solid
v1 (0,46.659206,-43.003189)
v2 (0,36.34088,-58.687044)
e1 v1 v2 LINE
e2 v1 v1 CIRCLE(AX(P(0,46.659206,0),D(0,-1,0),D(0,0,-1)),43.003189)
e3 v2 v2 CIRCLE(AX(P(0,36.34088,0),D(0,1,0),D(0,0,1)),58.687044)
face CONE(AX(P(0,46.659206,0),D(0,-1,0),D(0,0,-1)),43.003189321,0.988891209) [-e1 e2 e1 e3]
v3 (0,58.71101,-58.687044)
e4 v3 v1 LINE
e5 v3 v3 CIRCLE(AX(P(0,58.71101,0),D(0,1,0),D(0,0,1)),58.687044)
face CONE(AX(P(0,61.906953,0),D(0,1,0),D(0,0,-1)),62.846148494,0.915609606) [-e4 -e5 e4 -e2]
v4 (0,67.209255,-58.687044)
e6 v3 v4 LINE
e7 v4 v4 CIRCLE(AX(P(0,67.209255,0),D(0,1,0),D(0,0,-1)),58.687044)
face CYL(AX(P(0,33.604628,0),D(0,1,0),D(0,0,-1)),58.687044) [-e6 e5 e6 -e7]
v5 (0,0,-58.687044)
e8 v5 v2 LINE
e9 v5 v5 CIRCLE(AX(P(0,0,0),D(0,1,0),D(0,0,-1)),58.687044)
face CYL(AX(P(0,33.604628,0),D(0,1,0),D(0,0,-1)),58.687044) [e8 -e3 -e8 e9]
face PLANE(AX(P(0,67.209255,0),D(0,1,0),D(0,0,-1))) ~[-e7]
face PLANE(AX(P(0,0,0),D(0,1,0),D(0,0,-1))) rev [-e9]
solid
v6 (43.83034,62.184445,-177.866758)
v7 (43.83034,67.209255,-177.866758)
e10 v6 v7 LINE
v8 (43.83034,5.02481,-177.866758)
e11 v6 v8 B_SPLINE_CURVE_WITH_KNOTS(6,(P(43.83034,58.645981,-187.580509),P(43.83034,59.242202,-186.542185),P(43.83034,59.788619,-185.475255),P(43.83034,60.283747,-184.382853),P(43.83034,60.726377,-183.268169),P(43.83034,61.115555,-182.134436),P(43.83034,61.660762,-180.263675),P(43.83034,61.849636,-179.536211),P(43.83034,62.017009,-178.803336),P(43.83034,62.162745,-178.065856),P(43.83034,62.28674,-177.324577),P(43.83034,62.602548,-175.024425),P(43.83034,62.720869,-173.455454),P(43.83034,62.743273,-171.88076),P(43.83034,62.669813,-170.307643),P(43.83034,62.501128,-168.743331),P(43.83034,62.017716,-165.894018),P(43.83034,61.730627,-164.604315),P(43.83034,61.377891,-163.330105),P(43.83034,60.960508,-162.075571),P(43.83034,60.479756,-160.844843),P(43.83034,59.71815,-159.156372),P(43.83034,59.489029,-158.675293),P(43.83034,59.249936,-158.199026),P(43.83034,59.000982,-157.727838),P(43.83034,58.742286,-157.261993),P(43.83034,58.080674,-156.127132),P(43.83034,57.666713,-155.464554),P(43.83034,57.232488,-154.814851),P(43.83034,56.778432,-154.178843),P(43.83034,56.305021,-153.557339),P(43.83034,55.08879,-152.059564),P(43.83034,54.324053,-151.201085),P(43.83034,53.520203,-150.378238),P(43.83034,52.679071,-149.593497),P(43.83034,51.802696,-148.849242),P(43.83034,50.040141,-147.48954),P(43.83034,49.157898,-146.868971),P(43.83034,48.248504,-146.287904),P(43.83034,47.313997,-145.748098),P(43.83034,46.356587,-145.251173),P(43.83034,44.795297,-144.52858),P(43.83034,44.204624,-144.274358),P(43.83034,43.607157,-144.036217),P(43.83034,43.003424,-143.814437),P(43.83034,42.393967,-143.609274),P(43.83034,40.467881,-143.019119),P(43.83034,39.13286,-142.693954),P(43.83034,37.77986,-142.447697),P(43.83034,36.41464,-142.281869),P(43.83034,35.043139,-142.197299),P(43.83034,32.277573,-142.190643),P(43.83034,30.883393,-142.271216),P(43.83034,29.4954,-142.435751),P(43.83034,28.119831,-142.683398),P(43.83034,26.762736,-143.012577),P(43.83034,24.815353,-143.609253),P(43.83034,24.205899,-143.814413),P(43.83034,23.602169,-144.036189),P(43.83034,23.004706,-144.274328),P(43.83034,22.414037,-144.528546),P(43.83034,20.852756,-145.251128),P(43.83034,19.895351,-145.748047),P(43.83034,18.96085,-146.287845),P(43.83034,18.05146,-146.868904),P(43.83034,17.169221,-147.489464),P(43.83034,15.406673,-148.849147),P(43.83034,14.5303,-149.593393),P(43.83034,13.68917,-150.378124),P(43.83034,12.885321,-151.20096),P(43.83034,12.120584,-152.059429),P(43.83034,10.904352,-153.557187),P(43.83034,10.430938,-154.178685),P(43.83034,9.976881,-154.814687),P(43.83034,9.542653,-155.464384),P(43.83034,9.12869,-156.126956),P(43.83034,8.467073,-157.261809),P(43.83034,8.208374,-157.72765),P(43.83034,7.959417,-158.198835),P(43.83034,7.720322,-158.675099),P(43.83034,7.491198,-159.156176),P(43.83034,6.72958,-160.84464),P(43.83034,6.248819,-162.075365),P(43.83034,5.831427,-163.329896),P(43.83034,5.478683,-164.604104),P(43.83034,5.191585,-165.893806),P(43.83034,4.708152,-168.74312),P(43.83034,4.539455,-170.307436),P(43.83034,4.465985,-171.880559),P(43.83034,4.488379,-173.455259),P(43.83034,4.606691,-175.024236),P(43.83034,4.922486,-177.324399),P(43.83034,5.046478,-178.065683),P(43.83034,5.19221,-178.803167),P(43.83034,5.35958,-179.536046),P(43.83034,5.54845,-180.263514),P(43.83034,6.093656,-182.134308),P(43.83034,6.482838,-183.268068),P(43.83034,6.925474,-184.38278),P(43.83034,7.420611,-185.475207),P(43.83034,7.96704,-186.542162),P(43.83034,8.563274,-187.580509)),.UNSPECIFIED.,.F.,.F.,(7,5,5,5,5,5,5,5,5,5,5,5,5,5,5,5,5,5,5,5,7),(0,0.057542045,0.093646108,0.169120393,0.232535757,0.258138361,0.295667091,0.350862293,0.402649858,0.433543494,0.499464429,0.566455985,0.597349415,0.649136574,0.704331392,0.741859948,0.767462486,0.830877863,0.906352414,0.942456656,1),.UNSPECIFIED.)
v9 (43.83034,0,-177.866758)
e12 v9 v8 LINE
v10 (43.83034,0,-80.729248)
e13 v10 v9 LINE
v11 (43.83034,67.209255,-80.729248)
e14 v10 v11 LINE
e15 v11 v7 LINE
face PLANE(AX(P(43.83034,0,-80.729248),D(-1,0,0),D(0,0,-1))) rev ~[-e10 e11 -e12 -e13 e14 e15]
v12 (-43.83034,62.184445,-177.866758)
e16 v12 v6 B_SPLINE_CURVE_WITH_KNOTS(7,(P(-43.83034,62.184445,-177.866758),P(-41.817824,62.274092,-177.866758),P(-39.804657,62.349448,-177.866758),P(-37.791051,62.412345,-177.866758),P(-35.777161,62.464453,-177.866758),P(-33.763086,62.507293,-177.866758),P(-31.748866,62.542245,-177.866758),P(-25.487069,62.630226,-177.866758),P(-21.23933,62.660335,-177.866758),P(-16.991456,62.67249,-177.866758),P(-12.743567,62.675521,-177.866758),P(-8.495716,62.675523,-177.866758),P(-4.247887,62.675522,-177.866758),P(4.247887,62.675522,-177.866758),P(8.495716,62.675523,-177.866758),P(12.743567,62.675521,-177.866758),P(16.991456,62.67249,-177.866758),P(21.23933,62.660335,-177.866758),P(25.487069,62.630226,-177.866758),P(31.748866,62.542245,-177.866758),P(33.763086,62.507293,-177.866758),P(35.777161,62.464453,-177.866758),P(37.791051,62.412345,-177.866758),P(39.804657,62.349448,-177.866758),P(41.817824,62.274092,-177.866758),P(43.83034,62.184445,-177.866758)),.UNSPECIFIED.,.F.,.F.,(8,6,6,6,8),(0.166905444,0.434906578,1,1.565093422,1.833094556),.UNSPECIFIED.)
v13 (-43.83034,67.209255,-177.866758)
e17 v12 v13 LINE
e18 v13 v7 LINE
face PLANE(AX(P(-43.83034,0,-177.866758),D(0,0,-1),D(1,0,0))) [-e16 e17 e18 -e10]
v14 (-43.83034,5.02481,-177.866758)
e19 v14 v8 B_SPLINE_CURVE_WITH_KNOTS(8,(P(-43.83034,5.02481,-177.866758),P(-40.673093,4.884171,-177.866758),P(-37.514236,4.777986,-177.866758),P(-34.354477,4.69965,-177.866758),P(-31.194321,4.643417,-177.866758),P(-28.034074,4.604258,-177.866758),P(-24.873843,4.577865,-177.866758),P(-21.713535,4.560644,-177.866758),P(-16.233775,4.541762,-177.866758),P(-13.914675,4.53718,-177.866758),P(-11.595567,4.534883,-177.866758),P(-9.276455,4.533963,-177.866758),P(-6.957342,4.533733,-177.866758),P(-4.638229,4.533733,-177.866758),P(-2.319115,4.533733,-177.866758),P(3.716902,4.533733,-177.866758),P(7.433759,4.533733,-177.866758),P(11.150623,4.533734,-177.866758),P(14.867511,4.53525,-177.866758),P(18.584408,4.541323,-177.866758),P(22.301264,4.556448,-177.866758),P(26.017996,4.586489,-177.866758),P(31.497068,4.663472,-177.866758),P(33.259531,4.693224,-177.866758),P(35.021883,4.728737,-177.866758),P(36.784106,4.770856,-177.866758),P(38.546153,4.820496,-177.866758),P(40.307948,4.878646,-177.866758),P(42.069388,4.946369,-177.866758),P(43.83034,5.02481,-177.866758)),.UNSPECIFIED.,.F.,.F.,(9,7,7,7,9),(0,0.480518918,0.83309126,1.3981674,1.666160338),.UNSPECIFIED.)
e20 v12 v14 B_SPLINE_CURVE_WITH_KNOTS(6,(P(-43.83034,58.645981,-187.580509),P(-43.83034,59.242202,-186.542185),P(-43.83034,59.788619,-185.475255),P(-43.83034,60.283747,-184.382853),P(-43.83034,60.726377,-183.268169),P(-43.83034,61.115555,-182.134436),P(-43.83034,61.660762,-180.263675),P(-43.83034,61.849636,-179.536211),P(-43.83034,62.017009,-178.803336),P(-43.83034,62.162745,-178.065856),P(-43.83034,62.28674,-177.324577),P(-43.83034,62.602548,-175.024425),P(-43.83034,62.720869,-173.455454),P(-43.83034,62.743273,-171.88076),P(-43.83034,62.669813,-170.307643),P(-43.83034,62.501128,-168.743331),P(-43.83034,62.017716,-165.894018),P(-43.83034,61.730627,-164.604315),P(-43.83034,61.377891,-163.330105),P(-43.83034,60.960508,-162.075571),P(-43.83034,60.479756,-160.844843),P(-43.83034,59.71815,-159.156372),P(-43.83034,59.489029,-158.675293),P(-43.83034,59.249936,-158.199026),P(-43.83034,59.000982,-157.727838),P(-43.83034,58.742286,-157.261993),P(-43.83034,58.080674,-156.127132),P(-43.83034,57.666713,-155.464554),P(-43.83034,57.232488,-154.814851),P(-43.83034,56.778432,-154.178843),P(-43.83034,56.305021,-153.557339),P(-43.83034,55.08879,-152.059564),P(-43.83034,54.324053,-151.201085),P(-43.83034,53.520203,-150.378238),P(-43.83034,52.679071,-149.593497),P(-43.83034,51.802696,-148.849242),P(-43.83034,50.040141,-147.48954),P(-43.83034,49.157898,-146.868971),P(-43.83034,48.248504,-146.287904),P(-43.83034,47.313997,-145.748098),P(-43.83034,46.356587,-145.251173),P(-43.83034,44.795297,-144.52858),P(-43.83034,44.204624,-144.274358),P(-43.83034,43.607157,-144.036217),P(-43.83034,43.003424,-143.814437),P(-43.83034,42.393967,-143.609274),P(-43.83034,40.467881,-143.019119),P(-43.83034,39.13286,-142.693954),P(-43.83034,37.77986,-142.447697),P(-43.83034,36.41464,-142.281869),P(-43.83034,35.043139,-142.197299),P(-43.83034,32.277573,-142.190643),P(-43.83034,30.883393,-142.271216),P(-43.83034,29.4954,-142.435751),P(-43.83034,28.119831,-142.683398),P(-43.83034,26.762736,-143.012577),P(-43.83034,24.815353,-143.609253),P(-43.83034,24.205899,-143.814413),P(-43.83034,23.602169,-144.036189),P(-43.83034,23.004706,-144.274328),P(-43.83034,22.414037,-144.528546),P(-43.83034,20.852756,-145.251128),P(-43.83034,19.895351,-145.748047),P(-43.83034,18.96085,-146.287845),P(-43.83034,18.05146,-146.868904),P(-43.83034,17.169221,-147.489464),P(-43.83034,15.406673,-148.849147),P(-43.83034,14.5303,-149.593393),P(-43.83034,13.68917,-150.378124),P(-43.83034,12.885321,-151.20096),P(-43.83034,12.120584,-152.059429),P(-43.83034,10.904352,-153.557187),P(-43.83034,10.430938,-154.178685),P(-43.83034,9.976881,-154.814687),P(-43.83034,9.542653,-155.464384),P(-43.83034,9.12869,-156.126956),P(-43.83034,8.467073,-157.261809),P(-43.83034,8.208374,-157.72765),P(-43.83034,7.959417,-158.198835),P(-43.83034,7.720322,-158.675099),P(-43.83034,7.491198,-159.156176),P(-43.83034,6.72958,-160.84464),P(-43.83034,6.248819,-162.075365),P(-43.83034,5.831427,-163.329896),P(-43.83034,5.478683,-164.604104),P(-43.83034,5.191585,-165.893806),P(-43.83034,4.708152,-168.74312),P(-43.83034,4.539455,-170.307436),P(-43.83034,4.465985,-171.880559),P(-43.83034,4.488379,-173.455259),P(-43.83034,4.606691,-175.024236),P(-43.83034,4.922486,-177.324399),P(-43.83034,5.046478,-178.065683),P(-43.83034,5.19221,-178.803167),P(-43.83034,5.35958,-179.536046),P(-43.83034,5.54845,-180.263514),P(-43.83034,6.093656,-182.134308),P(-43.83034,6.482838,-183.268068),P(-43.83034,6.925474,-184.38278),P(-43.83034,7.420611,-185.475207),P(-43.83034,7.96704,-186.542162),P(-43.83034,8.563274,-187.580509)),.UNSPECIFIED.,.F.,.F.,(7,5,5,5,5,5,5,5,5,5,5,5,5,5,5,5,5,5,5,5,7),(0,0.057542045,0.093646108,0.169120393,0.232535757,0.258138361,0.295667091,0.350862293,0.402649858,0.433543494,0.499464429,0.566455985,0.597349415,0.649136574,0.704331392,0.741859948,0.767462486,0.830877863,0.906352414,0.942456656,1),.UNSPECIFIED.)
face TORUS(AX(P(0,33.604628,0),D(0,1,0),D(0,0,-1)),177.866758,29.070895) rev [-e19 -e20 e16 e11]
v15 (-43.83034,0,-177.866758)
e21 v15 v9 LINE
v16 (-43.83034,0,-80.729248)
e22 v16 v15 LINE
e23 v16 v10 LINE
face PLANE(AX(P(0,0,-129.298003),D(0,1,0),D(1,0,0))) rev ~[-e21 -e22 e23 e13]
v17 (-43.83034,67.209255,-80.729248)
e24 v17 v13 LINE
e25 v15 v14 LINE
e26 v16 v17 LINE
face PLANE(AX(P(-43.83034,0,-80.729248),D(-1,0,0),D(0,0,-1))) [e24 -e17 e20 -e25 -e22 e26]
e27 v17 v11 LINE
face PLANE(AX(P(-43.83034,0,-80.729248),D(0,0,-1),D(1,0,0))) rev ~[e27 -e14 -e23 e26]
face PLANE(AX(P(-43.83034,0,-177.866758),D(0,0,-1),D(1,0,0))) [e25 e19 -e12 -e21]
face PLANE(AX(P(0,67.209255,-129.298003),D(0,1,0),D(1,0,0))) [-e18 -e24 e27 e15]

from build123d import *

# Parameters (mm, degrees)
SKETCH1_W           = 58.68704402
SKETCH1_H           = 67.209255033
SKETCH2_W           = 87.660679444
SKETCH2_H           = 97.137509655
BOSS_EXTRUDE1_DEPTH = 67.209255033
SKETCH3_R           = 29.07089472


with BuildPart() as part:
    # Sketch1 → Revolve1 (revolve)
    with BuildSketch(Plane.XY, mode=Mode.PRIVATE) as revolve1_sk:
        with Locations((29.34352201, 33.604627517)):
            Rectangle(SKETCH1_W, SKETCH1_H)
    revolve(revolve1_sk.sketch.rotate(Axis((0, 0, 0), (0, 1, 0)), 90), axis=Axis((0, 0, 0), (0, 1, 0)))


with BuildPart() as body_2:
    # Sketch2 → Boss-Extrude1 (new body)
    with BuildSketch(Plane(origin=(0, 0, 0), x_dir=(1, 0, 0), z_dir=(0, 1, 0))):
        with Locations((0, 129.298002943)):
            Rectangle(SKETCH2_W, SKETCH2_H)
    extrude(amount=BOSS_EXTRUDE1_DEPTH)


with BuildPart() as cut_revolve1_tool:
    # Sketch3 → Cut-Revolve1 (revolve)
    with BuildSketch(Plane(origin=(0, 0, 0), x_dir=(0, 0, -1), z_dir=(1, 0, 0))):
        with Locations((177.86675777, 33.604627516)):
            Circle(SKETCH3_R)
        Polygon((62.846148494, 61.906953495), (43.003189321, 46.65920592), (62.846148494, 33.604627516), align=None)
    revolve(axis=Axis((0, 0, 0), (0, -1, 0)))


with BuildPart() as part_1:
    add(part.part)

    # Cut-Revolve1: cut by cut_revolve1_tool
    add(cut_revolve1_tool.part, mode=Mode.SUBTRACT)


with BuildPart() as body_2_1:
    add(body_2.part)

    # Cut-Revolve1: cut by cut_revolve1_tool
    add(cut_revolve1_tool.part, mode=Mode.SUBTRACT)


solid = Compound([part_1.part, body_2_1.part])
